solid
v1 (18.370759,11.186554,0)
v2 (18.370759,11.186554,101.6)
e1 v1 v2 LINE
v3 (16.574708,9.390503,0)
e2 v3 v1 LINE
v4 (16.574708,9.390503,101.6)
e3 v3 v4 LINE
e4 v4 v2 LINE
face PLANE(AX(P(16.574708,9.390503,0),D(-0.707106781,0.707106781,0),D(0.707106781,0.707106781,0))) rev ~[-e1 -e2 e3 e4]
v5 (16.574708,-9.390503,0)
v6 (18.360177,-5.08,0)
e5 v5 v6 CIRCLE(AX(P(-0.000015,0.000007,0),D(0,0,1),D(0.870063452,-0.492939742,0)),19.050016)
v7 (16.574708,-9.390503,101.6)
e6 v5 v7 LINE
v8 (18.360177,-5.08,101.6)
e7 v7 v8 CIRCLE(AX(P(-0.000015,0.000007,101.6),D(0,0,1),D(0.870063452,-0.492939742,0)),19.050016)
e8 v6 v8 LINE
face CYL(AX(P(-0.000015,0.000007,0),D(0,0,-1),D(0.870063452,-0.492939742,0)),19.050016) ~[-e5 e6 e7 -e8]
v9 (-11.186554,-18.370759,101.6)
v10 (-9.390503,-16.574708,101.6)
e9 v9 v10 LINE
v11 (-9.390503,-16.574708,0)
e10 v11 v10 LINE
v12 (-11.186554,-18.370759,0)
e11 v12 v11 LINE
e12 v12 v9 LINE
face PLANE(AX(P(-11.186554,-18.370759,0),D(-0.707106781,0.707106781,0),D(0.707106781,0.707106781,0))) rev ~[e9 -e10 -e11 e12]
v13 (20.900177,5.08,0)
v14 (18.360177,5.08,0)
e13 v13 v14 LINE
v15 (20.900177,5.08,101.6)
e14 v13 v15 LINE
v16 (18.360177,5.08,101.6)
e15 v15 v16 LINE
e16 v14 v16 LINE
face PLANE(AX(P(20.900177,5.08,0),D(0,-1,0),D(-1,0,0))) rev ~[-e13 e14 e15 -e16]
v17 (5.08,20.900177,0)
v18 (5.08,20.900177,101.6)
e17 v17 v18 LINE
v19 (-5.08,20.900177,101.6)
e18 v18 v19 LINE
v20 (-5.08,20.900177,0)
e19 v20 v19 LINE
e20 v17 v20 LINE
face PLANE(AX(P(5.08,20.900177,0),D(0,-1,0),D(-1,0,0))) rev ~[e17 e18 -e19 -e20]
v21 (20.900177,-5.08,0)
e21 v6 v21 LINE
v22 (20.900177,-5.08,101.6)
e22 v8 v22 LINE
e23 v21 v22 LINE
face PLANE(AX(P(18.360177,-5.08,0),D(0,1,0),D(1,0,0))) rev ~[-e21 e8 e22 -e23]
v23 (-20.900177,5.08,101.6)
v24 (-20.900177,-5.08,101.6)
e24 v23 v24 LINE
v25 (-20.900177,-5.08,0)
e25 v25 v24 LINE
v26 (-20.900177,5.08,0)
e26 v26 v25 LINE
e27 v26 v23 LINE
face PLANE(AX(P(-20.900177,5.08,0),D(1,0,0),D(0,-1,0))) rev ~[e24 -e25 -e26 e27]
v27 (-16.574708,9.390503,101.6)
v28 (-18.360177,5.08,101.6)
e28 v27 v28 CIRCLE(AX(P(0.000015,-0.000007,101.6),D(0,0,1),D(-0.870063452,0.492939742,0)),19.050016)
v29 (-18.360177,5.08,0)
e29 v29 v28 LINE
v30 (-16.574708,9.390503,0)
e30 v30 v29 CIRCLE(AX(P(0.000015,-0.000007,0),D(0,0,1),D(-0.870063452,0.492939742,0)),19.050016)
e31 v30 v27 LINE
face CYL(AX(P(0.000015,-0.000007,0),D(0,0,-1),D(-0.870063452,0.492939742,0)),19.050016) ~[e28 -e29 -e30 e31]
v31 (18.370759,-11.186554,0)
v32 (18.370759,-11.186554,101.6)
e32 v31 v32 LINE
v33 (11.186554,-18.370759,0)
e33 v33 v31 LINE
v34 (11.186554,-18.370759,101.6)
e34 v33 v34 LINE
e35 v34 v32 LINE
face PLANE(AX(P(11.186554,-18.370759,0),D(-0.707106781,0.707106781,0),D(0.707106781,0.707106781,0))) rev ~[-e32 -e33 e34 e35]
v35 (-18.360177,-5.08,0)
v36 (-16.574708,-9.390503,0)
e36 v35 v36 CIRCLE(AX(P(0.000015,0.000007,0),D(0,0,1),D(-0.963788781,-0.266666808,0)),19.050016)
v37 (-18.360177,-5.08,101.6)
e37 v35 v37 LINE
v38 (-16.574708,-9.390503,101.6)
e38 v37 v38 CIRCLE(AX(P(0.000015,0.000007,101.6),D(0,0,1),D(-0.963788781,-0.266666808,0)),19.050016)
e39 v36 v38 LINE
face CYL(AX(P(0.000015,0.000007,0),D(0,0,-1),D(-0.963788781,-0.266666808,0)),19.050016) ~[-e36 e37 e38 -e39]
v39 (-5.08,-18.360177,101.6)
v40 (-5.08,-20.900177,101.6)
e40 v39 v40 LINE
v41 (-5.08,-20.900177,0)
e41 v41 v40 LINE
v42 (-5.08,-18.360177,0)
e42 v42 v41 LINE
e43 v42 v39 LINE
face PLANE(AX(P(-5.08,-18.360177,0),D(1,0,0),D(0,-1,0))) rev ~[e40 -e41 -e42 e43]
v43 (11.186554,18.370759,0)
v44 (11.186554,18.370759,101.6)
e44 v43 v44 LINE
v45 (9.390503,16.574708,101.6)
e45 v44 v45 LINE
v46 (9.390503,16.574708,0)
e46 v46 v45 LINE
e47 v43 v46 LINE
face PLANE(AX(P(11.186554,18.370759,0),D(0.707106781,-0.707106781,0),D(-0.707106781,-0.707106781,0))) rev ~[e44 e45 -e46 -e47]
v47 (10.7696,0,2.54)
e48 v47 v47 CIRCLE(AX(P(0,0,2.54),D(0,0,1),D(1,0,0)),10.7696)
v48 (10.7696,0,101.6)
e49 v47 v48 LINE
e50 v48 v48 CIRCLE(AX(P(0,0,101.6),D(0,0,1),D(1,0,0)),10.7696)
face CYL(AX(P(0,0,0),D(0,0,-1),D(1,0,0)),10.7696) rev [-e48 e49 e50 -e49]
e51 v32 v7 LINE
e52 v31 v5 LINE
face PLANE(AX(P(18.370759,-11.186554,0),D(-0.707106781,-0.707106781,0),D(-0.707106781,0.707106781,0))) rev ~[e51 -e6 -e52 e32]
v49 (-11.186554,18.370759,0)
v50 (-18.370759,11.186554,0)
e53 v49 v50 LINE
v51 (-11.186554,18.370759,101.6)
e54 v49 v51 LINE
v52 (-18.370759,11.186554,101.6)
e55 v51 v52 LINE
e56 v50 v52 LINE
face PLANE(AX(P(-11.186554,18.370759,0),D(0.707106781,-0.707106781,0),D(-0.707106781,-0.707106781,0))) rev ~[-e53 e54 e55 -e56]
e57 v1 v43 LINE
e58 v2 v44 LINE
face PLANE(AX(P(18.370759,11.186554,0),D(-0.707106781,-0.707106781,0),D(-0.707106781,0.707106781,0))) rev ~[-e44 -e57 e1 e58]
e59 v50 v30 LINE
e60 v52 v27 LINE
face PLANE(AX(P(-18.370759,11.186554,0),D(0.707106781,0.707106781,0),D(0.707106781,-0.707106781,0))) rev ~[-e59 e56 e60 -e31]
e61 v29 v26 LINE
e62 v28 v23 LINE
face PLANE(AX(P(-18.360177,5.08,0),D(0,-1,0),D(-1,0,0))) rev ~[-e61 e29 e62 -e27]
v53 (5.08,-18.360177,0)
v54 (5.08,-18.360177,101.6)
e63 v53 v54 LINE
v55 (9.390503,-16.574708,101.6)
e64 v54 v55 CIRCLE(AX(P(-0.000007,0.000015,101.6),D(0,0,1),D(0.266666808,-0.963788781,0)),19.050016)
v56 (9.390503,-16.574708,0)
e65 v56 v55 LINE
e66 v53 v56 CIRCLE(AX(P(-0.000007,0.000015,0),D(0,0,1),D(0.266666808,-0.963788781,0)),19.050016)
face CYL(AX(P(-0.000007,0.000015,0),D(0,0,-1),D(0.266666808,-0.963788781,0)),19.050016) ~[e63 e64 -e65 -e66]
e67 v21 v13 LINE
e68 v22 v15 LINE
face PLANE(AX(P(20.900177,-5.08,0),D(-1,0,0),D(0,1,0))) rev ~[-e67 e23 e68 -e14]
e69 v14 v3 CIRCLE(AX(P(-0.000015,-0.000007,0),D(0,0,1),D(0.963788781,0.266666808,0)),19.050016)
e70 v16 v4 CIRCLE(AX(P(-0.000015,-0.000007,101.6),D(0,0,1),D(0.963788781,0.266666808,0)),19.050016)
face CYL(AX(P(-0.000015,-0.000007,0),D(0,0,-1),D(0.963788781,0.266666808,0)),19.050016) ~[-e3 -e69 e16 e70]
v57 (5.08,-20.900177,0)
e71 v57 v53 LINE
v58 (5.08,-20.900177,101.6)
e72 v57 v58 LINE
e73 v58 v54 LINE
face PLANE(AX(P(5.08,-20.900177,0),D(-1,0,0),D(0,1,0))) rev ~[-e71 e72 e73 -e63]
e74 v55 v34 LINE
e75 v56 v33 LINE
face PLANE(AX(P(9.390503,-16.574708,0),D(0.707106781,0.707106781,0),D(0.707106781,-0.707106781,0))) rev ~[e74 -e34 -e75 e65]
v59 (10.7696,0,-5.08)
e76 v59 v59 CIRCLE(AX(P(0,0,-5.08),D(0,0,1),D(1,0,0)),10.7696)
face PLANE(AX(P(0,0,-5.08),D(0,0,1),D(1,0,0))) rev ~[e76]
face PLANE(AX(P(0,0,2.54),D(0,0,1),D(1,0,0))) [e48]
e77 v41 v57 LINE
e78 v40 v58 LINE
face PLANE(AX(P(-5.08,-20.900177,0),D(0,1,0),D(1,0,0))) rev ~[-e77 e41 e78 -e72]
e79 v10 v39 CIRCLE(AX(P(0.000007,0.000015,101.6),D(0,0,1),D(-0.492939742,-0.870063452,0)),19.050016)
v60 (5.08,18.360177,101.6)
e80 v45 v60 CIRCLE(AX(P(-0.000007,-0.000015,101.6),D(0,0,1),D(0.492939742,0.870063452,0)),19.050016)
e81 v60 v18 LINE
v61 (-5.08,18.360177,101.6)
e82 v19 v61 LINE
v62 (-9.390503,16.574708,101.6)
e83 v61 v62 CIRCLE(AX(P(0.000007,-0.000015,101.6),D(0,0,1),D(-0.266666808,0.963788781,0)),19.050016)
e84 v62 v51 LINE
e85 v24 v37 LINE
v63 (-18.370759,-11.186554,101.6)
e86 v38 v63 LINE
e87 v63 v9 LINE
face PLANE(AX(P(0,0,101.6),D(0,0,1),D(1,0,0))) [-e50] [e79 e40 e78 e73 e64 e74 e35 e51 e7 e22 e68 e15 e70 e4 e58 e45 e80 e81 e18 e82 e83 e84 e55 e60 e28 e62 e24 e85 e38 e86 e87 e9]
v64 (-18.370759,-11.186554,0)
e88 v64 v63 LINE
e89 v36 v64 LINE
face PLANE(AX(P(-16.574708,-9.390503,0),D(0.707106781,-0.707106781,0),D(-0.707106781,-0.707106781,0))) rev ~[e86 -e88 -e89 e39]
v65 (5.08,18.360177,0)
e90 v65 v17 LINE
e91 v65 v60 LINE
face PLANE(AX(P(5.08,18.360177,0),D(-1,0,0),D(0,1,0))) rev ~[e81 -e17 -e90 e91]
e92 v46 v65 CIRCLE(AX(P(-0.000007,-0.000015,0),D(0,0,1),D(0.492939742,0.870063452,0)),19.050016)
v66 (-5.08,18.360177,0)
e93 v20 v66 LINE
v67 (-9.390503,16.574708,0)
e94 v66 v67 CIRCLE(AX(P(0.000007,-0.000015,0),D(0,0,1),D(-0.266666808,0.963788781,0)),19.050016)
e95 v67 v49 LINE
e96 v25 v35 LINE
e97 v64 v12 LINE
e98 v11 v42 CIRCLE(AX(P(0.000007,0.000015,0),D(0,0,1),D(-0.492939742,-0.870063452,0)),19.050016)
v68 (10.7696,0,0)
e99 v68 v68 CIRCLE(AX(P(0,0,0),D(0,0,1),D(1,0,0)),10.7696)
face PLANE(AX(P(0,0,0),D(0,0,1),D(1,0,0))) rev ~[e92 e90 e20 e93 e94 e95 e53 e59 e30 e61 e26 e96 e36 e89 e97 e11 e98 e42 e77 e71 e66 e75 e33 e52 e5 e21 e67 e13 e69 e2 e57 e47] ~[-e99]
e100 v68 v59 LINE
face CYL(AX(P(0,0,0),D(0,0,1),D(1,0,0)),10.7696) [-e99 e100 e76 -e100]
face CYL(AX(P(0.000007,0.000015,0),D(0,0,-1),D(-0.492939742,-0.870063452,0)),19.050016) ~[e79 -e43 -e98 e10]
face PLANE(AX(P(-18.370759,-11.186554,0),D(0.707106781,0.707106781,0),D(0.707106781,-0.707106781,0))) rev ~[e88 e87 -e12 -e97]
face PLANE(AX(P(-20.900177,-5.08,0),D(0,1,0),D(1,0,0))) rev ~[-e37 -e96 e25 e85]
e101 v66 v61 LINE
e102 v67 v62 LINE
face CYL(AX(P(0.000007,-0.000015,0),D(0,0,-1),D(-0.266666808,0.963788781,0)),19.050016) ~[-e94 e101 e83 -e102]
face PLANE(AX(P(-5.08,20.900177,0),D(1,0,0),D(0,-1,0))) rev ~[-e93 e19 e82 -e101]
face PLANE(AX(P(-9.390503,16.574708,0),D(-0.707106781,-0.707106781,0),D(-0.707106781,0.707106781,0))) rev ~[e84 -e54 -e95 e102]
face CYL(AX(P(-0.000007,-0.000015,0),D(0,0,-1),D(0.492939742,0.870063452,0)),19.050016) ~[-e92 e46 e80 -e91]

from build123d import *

# Parameters (mm, degrees)
F0_R     = 10.7696
F1_DEPTH = 2.54
F2_DEPTH = 101.6
F3_DEPTH = 5.08


with BuildPart() as f1:
    # F0 (on Top) → F1 (new body)
    with BuildSketch(Plane.XY):
        Circle(F0_R)
    extrude(amount=F1_DEPTH)

    # F0 (on Top) → F2 (join)
    with BuildSketch(Plane.XY):
        with BuildLine():
            Line((5.08, 20.900177), (-5.08, 20.900177))
            Line((-5.08, 20.900177), (-5.08, 18.360177))
            ThreePointArc((-5.08, 18.360177), (-7.290119, 17.599905), (-9.390503, 16.574708))
            Line((-9.390503, 16.574708), (-11.186554, 18.370759))
            Line((-11.186554, 18.370759), (-18.370759, 11.186554))
            Line((-18.370759, 11.186554), (-16.574708, 9.390503))
            ThreePointArc((-16.574708, 9.390503), (-17.599905, 7.290119), (-18.360177, 5.08))
            Line((-18.360177, 5.08), (-20.900177, 5.08))
            Line((-20.900177, 5.08), (-20.900177, -5.08))
            Line((-20.900177, -5.08), (-18.360177, -5.08))
            ThreePointArc((-18.360177, -5.08), (-17.599905, -7.290119), (-16.574708, -9.390503))
            Line((-16.574708, -9.390503), (-18.370759, -11.186554))
            Line((-18.370759, -11.186554), (-11.186554, -18.370759))
            Line((-11.186554, -18.370759), (-9.390503, -16.574708))
            ThreePointArc((-9.390503, -16.574708), (-7.290119, -17.599905), (-5.08, -18.360177))
            Line((-5.08, -18.360177), (-5.08, -20.900177))
            Line((-5.08, -20.900177), (5.08, -20.900177))
            Line((5.08, -20.900177), (5.08, -18.360177))
            ThreePointArc((5.08, -18.360177), (7.290119, -17.599905), (9.390503, -16.574708))
            Line((9.390503, -16.574708), (11.186554, -18.370759))
            Line((11.186554, -18.370759), (18.370759, -11.186554))
            Line((18.370759, -11.186554), (16.574708, -9.390503))
            ThreePointArc((16.574708, -9.390503), (17.599905, -7.290119), (18.360177, -5.08))
            Line((18.360177, -5.08), (20.900177, -5.08))
            Line((20.900177, -5.08), (20.900177, 5.08))
            Line((20.900177, 5.08), (18.360177, 5.08))
            ThreePointArc((18.360177, 5.08), (17.599905, 7.290119), (16.574708, 9.390503))
            Line((16.574708, 9.390503), (18.370759, 11.186554))
            Line((18.370759, 11.186554), (11.186554, 18.370759))
            Line((11.186554, 18.370759), (9.390503, 16.574708))
            ThreePointArc((9.390503, 16.574708), (7.290119, 17.599905), (5.08, 18.360177))
            Line((5.08, 18.360177), (5.08, 20.900177))
        make_face()
        Circle(F0_R, mode=Mode.SUBTRACT)
    extrude(amount=F2_DEPTH)

    # F0 (on Top) → F3 (join)
    with BuildSketch(Plane.XY):
        Circle(F0_R)
    extrude(amount=-F3_DEPTH)


solid = f1.part
